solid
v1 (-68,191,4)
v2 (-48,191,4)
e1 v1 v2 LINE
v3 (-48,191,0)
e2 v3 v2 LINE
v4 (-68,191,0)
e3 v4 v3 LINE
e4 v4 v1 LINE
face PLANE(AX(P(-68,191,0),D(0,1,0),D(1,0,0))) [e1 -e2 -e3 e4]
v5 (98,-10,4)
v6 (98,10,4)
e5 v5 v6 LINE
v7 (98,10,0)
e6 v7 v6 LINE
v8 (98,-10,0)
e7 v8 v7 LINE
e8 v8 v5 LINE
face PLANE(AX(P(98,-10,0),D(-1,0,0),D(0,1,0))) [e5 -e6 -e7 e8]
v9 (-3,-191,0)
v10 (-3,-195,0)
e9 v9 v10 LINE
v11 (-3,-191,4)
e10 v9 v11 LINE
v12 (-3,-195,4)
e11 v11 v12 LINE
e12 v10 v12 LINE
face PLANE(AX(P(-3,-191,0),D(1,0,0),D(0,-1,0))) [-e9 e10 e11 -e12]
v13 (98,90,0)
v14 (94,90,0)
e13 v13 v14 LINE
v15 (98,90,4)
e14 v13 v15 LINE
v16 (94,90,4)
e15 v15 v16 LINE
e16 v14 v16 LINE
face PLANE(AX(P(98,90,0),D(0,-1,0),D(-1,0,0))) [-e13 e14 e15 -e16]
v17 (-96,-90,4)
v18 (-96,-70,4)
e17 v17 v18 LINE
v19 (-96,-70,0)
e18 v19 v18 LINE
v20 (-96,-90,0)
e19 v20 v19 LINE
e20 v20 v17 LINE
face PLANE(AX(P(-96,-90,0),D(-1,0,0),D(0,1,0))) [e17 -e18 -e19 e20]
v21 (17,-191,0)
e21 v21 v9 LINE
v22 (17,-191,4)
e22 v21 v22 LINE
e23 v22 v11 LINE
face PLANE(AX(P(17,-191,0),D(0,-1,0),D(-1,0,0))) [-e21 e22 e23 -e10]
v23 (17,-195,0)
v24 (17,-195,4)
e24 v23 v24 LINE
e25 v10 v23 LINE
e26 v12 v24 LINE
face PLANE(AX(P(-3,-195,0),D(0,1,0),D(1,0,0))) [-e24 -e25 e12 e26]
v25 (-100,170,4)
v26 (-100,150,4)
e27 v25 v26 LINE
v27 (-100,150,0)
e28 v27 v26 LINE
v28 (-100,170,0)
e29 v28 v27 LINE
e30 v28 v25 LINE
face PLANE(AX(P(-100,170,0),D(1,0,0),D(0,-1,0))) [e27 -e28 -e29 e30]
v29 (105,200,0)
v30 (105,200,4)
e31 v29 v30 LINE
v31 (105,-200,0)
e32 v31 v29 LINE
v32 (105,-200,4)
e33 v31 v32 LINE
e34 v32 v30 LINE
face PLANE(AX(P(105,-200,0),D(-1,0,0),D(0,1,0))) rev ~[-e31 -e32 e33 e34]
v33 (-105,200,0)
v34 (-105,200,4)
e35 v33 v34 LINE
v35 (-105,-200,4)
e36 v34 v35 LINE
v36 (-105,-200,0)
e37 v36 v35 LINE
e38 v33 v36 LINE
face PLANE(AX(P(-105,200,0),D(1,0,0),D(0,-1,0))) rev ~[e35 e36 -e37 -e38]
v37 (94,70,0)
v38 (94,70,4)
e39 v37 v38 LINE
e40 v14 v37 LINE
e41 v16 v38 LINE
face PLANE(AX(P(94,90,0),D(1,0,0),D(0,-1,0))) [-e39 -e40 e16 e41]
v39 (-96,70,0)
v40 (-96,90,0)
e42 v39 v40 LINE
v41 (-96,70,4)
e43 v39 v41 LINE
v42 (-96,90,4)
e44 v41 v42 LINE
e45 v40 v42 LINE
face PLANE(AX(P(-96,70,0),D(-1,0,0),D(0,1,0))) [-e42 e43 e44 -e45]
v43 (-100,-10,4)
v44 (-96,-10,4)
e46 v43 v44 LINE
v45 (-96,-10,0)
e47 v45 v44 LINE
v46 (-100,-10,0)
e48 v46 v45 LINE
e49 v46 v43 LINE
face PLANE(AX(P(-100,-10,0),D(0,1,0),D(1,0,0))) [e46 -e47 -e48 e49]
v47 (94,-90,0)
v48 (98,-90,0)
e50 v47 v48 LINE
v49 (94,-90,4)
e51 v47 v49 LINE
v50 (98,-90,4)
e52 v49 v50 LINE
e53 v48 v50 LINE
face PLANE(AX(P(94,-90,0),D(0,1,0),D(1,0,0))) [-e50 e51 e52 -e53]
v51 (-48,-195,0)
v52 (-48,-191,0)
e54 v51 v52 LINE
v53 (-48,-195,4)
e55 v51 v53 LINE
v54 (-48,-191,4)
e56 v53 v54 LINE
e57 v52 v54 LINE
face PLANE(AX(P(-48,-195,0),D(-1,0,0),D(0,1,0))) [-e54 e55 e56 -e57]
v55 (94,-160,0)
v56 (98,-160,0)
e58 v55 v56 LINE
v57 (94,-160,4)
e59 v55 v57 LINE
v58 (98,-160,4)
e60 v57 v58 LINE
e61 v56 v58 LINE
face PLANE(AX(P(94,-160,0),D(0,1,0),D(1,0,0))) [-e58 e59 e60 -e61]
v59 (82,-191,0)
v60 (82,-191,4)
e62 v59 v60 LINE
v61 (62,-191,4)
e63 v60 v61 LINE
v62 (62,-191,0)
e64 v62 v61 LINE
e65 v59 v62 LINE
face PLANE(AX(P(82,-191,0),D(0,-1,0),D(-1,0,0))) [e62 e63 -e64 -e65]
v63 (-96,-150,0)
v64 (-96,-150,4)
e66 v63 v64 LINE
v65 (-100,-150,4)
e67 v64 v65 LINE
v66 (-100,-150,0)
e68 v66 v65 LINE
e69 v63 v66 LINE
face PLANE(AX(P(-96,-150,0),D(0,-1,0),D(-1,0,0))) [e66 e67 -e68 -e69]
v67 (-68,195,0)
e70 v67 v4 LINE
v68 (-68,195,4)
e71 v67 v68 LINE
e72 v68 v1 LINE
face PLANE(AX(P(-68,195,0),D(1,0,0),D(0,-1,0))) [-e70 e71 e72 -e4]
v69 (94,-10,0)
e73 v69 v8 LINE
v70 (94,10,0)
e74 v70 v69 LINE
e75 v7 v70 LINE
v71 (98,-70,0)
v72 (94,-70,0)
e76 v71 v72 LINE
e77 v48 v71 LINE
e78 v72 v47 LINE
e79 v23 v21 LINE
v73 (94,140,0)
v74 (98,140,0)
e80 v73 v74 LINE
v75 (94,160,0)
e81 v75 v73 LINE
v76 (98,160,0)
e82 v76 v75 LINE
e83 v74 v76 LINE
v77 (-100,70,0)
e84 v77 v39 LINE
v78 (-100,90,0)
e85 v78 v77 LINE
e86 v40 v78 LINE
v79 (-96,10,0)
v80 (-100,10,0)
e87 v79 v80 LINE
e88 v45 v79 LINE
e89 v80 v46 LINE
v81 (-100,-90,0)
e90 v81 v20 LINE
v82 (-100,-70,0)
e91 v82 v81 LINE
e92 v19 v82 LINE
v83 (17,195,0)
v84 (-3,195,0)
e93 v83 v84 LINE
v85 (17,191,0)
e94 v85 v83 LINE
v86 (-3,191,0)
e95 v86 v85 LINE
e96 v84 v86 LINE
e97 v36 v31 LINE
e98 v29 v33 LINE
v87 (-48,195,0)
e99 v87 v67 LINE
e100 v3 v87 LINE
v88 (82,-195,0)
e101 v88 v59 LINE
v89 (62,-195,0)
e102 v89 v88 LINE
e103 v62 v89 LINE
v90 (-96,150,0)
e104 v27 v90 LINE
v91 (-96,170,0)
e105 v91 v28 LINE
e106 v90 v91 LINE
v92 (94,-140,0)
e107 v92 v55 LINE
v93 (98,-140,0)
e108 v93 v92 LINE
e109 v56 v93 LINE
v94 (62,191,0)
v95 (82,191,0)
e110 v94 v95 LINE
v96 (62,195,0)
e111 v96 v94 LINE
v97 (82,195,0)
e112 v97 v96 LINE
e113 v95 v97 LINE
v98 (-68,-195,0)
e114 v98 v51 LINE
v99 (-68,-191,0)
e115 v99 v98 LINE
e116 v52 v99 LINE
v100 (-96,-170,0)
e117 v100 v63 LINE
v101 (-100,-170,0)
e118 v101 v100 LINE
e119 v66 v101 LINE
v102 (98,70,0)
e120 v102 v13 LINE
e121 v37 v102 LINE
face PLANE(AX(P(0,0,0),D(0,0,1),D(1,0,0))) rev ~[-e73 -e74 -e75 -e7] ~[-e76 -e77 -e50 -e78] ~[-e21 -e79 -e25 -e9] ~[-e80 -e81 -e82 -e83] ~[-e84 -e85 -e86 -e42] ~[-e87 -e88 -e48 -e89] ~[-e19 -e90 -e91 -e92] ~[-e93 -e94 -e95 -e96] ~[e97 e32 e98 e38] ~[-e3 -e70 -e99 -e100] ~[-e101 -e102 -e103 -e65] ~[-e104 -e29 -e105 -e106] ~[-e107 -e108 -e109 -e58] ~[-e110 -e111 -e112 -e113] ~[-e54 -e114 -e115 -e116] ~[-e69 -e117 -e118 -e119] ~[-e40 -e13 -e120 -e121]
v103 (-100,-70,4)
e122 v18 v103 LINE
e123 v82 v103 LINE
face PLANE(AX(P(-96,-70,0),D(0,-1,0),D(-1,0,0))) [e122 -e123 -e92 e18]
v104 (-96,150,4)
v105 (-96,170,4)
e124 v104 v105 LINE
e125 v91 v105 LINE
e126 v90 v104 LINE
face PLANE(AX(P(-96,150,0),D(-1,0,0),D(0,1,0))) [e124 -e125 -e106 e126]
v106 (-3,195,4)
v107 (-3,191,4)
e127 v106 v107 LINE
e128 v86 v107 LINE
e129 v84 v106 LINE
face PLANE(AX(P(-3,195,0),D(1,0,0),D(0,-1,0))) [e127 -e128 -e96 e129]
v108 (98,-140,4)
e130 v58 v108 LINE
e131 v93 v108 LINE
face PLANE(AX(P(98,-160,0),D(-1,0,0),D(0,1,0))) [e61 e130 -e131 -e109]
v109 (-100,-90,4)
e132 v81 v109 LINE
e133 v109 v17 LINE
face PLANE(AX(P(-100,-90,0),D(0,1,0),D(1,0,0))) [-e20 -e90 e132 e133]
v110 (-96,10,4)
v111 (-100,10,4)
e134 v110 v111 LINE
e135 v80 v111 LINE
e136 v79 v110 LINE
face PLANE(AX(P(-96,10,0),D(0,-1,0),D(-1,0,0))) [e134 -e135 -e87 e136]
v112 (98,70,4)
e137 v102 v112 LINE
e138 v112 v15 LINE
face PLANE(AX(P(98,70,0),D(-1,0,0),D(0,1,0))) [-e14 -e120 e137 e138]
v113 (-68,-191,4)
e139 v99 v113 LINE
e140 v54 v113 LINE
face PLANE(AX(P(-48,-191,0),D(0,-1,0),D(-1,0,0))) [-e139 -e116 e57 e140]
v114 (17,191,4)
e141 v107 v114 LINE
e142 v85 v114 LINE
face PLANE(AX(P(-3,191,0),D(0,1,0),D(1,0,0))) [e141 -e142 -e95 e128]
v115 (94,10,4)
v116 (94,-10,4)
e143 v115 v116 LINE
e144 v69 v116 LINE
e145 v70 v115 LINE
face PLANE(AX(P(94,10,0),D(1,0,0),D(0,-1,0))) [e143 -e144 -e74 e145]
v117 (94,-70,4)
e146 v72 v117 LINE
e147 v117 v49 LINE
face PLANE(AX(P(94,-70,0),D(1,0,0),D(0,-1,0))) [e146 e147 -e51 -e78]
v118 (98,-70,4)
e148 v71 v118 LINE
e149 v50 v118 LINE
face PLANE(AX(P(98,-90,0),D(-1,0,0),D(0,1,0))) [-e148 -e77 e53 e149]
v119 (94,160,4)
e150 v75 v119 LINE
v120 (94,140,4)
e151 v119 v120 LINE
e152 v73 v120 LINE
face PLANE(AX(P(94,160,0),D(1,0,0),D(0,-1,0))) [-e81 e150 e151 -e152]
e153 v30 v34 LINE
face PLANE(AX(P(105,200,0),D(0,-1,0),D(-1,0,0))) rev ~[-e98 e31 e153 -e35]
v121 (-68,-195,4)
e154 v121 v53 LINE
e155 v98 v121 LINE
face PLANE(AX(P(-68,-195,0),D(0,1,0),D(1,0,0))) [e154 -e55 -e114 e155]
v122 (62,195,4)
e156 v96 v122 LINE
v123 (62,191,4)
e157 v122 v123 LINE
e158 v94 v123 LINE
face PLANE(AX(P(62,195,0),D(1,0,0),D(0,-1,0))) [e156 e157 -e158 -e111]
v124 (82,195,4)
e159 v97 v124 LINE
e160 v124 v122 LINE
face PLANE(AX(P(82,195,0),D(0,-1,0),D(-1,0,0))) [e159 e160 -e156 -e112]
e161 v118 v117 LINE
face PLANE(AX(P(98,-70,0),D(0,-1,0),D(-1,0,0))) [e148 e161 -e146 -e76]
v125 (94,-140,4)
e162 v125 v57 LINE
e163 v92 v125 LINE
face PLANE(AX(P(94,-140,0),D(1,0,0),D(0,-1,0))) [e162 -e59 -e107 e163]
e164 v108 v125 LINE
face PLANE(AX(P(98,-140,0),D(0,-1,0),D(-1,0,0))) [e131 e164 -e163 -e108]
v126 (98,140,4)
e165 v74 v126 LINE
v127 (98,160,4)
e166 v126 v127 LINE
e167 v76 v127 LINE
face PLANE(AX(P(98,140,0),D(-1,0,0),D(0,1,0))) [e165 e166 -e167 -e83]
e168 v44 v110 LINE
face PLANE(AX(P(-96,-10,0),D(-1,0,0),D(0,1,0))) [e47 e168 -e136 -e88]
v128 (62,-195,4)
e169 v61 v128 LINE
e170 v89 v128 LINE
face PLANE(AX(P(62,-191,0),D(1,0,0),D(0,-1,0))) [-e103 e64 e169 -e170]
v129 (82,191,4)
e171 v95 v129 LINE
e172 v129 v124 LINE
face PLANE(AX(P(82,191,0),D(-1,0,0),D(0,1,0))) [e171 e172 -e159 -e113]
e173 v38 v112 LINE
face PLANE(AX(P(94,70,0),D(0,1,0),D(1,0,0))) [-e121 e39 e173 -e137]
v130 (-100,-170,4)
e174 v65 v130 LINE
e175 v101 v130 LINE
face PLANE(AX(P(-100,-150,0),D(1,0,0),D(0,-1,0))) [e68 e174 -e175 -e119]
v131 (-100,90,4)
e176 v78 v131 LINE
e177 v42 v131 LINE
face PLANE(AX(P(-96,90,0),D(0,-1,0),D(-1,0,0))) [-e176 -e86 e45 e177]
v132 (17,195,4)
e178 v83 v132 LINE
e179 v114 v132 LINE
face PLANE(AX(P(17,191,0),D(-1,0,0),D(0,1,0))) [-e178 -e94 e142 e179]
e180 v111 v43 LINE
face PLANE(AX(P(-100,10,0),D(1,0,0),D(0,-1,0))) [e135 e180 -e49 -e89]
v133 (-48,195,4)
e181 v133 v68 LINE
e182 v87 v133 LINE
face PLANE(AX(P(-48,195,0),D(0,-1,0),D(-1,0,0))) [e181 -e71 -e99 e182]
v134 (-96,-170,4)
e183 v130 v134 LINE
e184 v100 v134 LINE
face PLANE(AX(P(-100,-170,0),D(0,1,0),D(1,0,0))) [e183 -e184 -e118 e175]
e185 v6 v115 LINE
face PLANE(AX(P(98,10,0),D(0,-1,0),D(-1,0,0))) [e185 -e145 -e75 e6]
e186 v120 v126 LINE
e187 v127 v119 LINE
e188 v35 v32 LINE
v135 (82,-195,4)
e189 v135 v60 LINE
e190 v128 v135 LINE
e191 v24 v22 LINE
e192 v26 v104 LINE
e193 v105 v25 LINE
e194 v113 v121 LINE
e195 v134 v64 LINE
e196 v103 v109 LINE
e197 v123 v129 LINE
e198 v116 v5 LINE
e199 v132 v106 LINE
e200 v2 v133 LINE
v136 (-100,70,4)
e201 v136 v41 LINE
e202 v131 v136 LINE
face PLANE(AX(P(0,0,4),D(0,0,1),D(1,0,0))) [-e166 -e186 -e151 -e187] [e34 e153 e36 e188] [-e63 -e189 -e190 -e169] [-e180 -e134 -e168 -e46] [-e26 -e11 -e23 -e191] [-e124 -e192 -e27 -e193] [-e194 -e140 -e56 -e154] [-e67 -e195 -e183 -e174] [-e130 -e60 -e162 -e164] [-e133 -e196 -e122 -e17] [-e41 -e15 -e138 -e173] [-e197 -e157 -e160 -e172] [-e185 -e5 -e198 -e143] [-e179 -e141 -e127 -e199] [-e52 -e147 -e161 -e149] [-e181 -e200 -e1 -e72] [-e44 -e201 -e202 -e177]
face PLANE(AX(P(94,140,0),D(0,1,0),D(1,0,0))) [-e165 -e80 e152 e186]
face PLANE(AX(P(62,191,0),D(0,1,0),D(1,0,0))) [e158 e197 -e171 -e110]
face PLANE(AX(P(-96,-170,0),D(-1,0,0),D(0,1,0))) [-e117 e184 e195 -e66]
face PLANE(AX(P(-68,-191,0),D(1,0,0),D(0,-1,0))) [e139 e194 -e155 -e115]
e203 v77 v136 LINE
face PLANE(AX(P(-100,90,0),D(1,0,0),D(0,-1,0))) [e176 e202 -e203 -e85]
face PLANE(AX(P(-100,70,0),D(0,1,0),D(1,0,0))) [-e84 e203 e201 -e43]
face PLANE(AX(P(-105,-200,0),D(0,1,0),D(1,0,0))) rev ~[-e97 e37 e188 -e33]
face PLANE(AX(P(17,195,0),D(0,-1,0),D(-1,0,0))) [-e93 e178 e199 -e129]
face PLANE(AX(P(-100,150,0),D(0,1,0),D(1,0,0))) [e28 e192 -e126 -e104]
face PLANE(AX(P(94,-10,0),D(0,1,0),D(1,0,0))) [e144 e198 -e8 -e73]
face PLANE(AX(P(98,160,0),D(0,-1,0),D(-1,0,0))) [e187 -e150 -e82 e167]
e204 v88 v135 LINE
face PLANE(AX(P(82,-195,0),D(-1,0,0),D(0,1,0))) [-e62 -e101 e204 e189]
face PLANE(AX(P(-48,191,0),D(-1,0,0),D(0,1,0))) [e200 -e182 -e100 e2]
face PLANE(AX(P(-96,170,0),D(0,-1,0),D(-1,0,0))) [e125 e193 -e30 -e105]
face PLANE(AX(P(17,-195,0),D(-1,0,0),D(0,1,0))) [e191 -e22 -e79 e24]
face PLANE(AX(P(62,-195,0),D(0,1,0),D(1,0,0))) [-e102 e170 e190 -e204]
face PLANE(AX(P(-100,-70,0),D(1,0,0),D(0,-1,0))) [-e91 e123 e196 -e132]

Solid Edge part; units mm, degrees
sketch "Sketch1" plane through (0, 0, 0) normal (0, 0, 1) x (1, 0, 0)
  line L0 (-100, 170) -> (-100, 150)
  line L1 (-100, 150) -> (-96, 150)
  line L2 (-96, 150) -> (-96, 170)
  line L3 (-96, 170) -> (-100, 170)
  line L4 (-100, 90) -> (-100, 70)
  line L5 (-100, 70) -> (-96, 70)
  line L6 (-96, 70) -> (-96, 90)
  line L7 (-96, 90) -> (-100, 90)
  line L8 (-100, 10) -> (-100, -10)
  line L9 (-100, -10) -> (-96, -10)
  line L10 (-96, -10) -> (-96, 10)
  line L11 (-96, 10) -> (-100, 10)
  line L12 (-100, -70) -> (-100, -90)
  line L13 (-100, -90) -> (-96, -90)
  line L14 (-96, -90) -> (-96, -70)
  line L15 (-96, -70) -> (-100, -70)
  line L16 (-100, -150) -> (-100, -170)
  line L17 (-100, -170) -> (-96, -170)
  line L18 (-96, -170) -> (-96, -150)
  line L19 (-96, -150) -> (-100, -150)
  line L20 (105, -200) -> (105, 200)
  line L21 (105, 200) -> (-105, 200)
  line L22 (-105, 200) -> (-105, -200)
  line L23 (-105, -200) -> (105, -200)
  line L24 (-3, -191) -> (-3, -195)
  line L25 (-3, -195) -> (17, -195)
  line L26 (17, -195) -> (17, -191)
  line L27 (17, -191) -> (-3, -191)
  line L28 (-68, -191) -> (-68, -195)
  line L29 (-68, -195) -> (-48, -195)
  line L30 (-48, -195) -> (-48, -191)
  line L31 (-48, -191) -> (-68, -191)
  line L32 (62, 195) -> (62, 191)
  line L33 (62, 191) -> (82, 191)
  line L34 (82, 191) -> (82, 195)
  line L35 (82, 195) -> (62, 195)
  line L36 (-3, 195) -> (-3, 191)
  line L37 (-3, 191) -> (17, 191)
  line L38 (17, 191) -> (17, 195)
  line L39 (17, 195) -> (-3, 195)
  line L40 (-68, 195) -> (-68, 191)
  line L41 (-68, 191) -> (-48, 191)
  line L42 (-48, 191) -> (-48, 195)
  line L43 (-48, 195) -> (-68, 195)
  line L44 (82, -191) -> (62, -191)
  line L45 (62, -191) -> (62, -195)
  line L46 (62, -195) -> (82, -195)
  line L47 (82, -195) -> (82, -191)
  line L48 (94, -70) -> (94, -90)
  line L49 (94, -90) -> (98, -90)
  line L50 (98, -90) -> (98, -70)
  line L51 (98, -70) -> (94, -70)
  line L52 (94, 10) -> (94, -10)
  line L53 (94, -10) -> (98, -10)
  line L54 (98, -10) -> (98, 10)
  line L55 (98, 10) -> (94, 10)
  line L56 (94, 90) -> (94, 70)
  line L57 (94, 70) -> (98, 70)
  line L58 (98, 70) -> (98, 90)
  line L59 (98, 90) -> (94, 90)
  line L60 (94, 160) -> (94, 140)
  line L61 (94, 140) -> (98, 140)
  line L62 (98, 140) -> (98, 160)
  line L63 (98, 160) -> (94, 160)
  line L64 (98, -140) -> (94, -140)
  line L65 (94, -140) -> (94, -160)
  line L66 (94, -160) -> (98, -160)
  line L67 (98, -160) -> (98, -140)
  dimension "D1" = 210
  dimension "D2" = 4
  dimension "D3" = 20
  dimension "D4" = 4
  dimension "D5" = 20
  dimension "D6" = 5
  dimension "D7" = 5
  dimension "D8" = 4
  dimension "D9" = 20
  dimension "D10" = 5
  dimension "D11" = 20
  dimension "D12" = 4
  dimension "D13" = 5
  dimension "D14" = 20
  dimension "D15" = 4
  dimension "D16" = 5
  dimension "D17" = 30
  dimension "D18" = 60
  dimension "D19" = 60
  dimension "D20" = 60
  dimension "D21" = 60
  dimension "D22" = 30
  dimension "D23" = 20
  dimension "D24" = 20
  dimension "D25" = 20
  dimension "D26" = 4
  dimension "D27" = 4
  dimension "D28" = 4
  dimension "D29" = 5
  dimension "D30" = 5
  dimension "D31" = 5
  dimension "D32" = 20
  dimension "D33" = 20
  dimension "D34" = 20
  dimension "D35" = 4
  dimension "D36" = 4
  dimension "D37" = 4
  dimension "D38" = 5
  dimension "D39" = 5
  dimension "D40" = 5
  dimension "D41" = 45
  dimension "D42" = 45
  dimension "D43" = 37
  dimension "D44" = 23
  dimension "D45" = 37
  dimension "D46" = 45
  dimension "D47" = 45
  dimension "D48" = 23
  dimension "D49" = 400
  dimension "D50" = 20
  dimension "D51" = 20
  dimension "D52" = 4
  dimension "D53" = 4
  dimension "D54" = 20
  dimension "D55" = 4
  dimension "D56" = 20
  dimension "D57" = 4
  dimension "D58" = 20
  dimension "D59" = 4
  dimension "D60" = 50
  dimension "D61" = 40
  dimension "D62" = 60
  dimension "D63" = 60
  dimension "D64" = 50
  dimension "D65" = 40
  dimension "D66" = 190
  dimension "D67" = 190
  dimension "D68" = 190
  dimension "D69" = 190
  dimension "D70" = 190
extrude "Protrusion1" add sketch "Sketch1" along normal blind 4
